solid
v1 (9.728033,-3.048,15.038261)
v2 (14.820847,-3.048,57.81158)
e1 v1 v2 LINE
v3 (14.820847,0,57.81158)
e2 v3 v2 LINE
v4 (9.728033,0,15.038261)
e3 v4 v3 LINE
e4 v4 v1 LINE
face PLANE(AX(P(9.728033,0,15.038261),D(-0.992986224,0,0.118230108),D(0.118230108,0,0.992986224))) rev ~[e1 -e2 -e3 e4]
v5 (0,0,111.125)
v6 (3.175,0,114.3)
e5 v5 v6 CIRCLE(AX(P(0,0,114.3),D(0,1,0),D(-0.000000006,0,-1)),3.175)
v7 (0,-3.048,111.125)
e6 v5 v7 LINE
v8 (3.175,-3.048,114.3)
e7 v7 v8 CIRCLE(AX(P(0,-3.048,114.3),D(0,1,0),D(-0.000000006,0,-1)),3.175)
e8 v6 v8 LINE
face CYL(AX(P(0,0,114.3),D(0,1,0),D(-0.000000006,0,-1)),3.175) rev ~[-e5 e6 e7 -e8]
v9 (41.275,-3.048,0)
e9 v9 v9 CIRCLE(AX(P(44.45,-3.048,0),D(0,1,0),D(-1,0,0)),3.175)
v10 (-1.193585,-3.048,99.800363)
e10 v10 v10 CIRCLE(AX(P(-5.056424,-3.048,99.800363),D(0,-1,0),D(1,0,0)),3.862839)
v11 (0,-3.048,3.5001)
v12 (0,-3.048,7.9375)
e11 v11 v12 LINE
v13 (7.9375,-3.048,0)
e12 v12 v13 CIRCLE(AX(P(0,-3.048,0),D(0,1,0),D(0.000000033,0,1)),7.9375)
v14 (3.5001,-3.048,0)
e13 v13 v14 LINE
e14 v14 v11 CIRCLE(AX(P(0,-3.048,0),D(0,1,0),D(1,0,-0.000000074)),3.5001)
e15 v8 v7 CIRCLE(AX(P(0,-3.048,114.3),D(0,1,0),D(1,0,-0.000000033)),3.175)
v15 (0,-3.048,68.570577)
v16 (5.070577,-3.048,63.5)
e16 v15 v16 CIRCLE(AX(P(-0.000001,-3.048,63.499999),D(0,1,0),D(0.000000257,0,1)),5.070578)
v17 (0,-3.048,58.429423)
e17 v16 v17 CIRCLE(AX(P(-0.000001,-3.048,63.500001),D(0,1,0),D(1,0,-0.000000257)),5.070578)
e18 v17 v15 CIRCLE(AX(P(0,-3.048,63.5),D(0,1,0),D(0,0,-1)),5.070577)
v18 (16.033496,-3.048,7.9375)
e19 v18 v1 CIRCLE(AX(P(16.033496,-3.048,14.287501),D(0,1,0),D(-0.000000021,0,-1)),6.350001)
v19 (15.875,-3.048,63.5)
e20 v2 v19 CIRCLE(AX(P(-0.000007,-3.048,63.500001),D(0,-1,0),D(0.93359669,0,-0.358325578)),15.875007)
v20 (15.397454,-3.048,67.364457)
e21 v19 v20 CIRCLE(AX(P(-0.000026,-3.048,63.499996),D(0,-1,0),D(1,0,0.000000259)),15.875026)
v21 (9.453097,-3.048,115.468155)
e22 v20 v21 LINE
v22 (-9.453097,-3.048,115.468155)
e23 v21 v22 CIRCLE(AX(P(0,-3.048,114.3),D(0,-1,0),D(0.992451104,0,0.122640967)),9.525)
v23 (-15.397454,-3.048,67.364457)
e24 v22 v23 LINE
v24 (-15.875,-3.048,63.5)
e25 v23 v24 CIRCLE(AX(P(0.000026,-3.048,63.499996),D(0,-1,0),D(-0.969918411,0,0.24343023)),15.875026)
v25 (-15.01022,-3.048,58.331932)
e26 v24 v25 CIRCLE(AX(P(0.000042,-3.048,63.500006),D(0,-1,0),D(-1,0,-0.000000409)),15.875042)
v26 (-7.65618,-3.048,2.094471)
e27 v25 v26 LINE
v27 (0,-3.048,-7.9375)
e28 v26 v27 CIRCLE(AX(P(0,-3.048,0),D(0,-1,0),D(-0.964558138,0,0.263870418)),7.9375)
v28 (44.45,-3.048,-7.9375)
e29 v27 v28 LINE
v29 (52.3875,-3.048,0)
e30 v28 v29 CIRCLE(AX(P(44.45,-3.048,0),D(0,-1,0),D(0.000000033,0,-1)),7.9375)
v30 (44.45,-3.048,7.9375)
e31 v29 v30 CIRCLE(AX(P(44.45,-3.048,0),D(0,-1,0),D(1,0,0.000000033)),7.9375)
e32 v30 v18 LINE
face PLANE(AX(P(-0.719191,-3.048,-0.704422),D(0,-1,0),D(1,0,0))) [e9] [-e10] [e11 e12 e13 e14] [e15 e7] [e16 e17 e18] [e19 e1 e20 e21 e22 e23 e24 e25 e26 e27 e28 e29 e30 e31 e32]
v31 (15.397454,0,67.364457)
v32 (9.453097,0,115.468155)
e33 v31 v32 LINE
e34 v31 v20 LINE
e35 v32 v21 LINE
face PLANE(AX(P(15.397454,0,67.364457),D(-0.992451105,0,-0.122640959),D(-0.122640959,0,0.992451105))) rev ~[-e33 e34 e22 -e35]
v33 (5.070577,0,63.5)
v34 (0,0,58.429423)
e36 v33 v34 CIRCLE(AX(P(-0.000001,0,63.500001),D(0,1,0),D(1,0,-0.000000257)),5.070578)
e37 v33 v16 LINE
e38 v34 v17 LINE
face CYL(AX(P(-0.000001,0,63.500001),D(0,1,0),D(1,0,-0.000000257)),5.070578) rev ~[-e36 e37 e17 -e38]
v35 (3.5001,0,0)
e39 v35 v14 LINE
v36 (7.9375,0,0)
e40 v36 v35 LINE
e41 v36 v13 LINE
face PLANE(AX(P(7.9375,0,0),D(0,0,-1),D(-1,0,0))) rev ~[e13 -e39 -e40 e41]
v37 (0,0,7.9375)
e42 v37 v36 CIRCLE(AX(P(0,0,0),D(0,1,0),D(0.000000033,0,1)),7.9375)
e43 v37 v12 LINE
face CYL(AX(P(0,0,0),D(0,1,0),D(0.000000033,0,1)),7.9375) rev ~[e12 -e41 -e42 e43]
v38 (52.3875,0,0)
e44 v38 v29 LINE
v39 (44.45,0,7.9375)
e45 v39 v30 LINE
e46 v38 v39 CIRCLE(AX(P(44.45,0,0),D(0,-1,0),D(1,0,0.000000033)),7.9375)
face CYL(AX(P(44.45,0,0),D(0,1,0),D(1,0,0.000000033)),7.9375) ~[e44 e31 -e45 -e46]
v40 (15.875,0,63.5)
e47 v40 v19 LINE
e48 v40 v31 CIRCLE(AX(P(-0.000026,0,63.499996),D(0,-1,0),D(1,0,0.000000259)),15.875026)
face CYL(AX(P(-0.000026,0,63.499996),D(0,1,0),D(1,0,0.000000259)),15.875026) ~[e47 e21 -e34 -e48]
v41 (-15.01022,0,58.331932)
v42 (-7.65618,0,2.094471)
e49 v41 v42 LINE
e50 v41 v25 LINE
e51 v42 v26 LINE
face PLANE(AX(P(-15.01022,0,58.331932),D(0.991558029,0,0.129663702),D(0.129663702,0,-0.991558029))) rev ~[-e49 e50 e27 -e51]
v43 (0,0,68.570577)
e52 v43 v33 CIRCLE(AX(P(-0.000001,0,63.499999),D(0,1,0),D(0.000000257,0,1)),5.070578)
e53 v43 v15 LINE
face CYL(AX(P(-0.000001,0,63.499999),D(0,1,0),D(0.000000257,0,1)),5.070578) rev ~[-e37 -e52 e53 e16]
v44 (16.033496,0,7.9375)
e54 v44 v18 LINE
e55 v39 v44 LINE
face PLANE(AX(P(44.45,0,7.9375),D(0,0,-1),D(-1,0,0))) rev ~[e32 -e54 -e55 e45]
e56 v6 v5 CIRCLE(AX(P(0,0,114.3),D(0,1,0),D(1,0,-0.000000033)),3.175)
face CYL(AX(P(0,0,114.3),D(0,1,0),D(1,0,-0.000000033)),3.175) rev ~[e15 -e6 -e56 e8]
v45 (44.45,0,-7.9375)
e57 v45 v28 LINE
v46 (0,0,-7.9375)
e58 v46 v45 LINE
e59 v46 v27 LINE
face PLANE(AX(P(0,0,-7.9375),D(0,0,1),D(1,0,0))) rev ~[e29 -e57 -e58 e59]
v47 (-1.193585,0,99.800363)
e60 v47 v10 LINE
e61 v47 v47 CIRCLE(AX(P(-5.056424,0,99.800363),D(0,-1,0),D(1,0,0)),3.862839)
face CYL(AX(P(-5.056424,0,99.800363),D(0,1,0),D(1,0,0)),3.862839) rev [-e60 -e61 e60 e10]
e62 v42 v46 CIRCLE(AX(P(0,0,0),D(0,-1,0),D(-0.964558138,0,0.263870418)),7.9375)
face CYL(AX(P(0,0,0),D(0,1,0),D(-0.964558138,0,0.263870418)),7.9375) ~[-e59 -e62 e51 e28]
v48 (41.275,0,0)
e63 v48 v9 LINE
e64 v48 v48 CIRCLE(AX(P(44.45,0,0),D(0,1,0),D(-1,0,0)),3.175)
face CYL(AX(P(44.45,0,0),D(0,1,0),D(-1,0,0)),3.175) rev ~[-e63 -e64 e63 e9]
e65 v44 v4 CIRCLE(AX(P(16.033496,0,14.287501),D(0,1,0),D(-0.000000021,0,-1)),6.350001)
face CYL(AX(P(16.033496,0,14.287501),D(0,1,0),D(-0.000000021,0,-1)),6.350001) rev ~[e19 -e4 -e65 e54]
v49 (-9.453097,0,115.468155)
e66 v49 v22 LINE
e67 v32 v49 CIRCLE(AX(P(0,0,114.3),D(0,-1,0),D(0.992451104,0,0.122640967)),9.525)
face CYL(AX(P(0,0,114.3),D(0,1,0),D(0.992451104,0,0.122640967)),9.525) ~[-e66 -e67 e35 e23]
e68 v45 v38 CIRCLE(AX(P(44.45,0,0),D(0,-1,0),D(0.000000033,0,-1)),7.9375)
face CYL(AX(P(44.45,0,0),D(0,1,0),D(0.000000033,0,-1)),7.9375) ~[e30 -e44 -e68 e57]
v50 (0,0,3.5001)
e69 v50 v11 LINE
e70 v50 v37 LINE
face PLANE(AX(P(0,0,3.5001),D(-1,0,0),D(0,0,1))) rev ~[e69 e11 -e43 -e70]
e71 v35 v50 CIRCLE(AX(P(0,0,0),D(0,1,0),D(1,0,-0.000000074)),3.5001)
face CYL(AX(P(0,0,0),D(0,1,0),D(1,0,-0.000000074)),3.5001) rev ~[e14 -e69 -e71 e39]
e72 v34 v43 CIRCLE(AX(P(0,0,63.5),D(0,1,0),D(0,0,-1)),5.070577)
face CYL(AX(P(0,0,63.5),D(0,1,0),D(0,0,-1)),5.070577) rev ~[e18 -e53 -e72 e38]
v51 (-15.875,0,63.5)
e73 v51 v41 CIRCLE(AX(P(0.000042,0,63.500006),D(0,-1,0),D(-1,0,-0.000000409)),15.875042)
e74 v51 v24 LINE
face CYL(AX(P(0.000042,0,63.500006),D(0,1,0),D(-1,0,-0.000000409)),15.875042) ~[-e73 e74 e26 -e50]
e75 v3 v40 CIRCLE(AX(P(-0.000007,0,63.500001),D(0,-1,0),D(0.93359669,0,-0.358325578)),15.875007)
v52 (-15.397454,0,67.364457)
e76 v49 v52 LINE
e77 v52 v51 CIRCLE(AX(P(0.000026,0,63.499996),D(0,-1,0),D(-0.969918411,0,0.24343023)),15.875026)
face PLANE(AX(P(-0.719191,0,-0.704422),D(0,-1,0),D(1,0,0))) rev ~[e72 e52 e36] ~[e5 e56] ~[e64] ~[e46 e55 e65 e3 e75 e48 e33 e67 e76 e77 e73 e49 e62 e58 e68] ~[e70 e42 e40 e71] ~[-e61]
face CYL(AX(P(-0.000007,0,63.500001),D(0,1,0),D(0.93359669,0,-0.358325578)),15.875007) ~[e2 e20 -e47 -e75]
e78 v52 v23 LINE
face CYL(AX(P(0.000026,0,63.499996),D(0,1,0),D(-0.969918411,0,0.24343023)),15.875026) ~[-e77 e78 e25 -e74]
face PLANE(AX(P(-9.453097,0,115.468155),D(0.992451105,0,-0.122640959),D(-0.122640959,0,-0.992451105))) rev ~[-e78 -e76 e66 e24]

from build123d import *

# Parameters (mm, degrees)
F0_R     = 3.862839
F1_DEPTH = 3.048


with BuildPart() as f1:
    # F0 (on Front) → F1 (new body)
    with BuildSketch(Plane.XZ):
        with BuildLine():
            ThreePointArc((3.5001, 0), (-2.474944, -2.474944), (0, 3.5001))
            Line((0, 3.5001), (0, 7.9375))
            ThreePointArc((0, 7.9375), (-4.81555, 6.309864), (-7.65618, 2.094471))
            ThreePointArc((-7.65618, 2.094471), (-6.309864, -4.81555), (0, -7.9375))
            ThreePointArc((0, -7.9375), (5.61266, -5.61266), (7.9375, 0))
            Line((7.9375, 0), (3.5001, 0))
        make_face()
        with BuildLine():
            ThreePointArc((-7.65618, 2.094471), (-4.81555, 6.309864), (0, 7.9375))
            Line((0, 7.9375), (0, 47.625))
            ThreePointArc((0, 47.625), (-9.2188, 50.576016), (-15.01022, 58.331932))
            Line((-15.01022, 58.331932), (-7.65618, 2.094471))
        make_face()
        with BuildLine():
            Line((0, 47.625), (0, 7.9375))
            ThreePointArc((0, 7.9375), (5.61266, 5.61266), (7.9375, 0))
            Line((7.9375, 0), (36.5125, 0))
            ThreePointArc((36.5125, 0), (38.83734, 5.61266), (44.45, 7.9375))
            Line((44.45, 7.9375), (16.033496, 7.9375))
            ThreePointArc((16.033496, 7.9375), (11.285347, 10.071153), (9.728033, 15.038261))
            Line((9.728033, 15.038261), (14.820847, 57.81158))
            ThreePointArc((14.820847, 57.81158), (8.991995, 50.4172), (0, 47.625))
        make_face()
        with BuildLine():
            Line((36.5125, 0), (7.9375, 0))
            ThreePointArc((7.9375, 0), (5.61266, -5.61266), (0, -7.9375))
            Line((0, -7.9375), (44.45, -7.9375))
            ThreePointArc((44.45, -7.9375), (38.83734, -5.61266), (36.5125, 0))
        make_face()
        with BuildLine():
            ThreePointArc((-15.01022, 58.331932), (-9.2188, 50.576016), (0, 47.625))
            Line((0, 47.625), (0, 58.429423))
            ThreePointArc((0, 58.429423), (-5.070577, 63.5), (0, 68.570577))
            Line((0, 68.570577), (0, 79.375))
            ThreePointArc((0, 79.375), (-9.763897, 76.017266), (-15.397454, 67.364457))
            Line((-15.397454, 67.364457), (-15.875, 63.5))
            ThreePointArc((-15.875, 63.5), (-15.657312, 60.88004), (-15.01022, 58.331932))
        make_face()
        with BuildLine():
            Line((0, 58.429423), (0, 47.625))
            ThreePointArc((0, 47.625), (8.991995, 50.4172), (14.820847, 57.81158))
            ThreePointArc((14.820847, 57.81158), (15.609237, 60.607364), (15.875, 63.5))
            Line((15.875, 63.5), (15.397454, 67.364457))
            ThreePointArc((15.397454, 67.364457), (9.763897, 76.017266), (0, 79.375))
            Line((0, 79.375), (0, 68.570577))
            ThreePointArc((0, 68.570577), (3.585439, 67.085439), (5.070577, 63.5))
            ThreePointArc((5.070577, 63.5), (3.585439, 59.914561), (0, 58.429423))
        make_face()
        with BuildLine():
            ThreePointArc((47.625, 0), (44.45, 3.175), (41.275, 0))
            ThreePointArc((41.275, 0), (44.45, -3.175), (47.625, 0))
        make_face()
        with BuildLine():
            ThreePointArc((44.45, 7.9375), (38.83734, 5.61266), (36.5125, 0))
            ThreePointArc((36.5125, 0), (38.83734, -5.61266), (44.45, -7.9375))
            ThreePointArc((44.45, -7.9375), (50.06266, -5.61266), (52.3875, 0))
            ThreePointArc((52.3875, 0), (50.06266, 5.61266), (44.45, 7.9375))
        make_face()
        with BuildLine():
            ThreePointArc((47.625, 0), (44.45, -3.175), (41.275, 0))
            ThreePointArc((41.275, 0), (44.45, 3.175), (47.625, 0))
        make_face(mode=Mode.SUBTRACT)
        with BuildLine():
            ThreePointArc((-15.397454, 67.364457), (-15.755161, 65.446925), (-15.875, 63.5))
            Line((-15.875, 63.5), (-15.397454, 67.364457))
        make_face()
        with BuildLine():
            Line((15.397454, 67.364457), (15.875, 63.5))
            ThreePointArc((15.875, 63.5), (15.755161, 65.446925), (15.397454, 67.364457))
        make_face()
        with BuildLine():
            ThreePointArc((-15.397454, 67.364457), (-9.763897, 76.017266), (0, 79.375))
            Line((0, 79.375), (0, 104.775))
            ThreePointArc((0, 104.775), (-7.136256, 107.991318), (-9.453097, 115.468155))
            Line((-9.453097, 115.468155), (-15.397454, 67.364457))
        make_face()
        with Locations((-5.056424, 99.800363)):
            Circle(F0_R, mode=Mode.SUBTRACT)
        with BuildLine():
            Line((0, 104.775), (0, 79.375))
            ThreePointArc((0, 79.375), (9.763897, 76.017266), (15.397454, 67.364457))
            Line((15.397454, 67.364457), (9.453097, 115.468155))
            ThreePointArc((9.453097, 115.468155), (9.507007, 114.885183), (9.525, 114.3))
            ThreePointArc((9.525, 114.3), (6.735192, 107.564808), (0, 104.775))
        make_face()
        with BuildLine():
            ThreePointArc((3.175, 114.3), (-2.245064, 116.545064), (0, 111.125))
            ThreePointArc((0, 111.125), (2.245064, 112.054936), (3.175, 114.3))
        make_face()
        with BuildLine():
            ThreePointArc((-9.453097, 115.468155), (-7.136256, 107.991318), (0, 104.775))
            ThreePointArc((0, 104.775), (6.735192, 107.564808), (9.525, 114.3))
            ThreePointArc((9.525, 114.3), (9.507007, 114.885183), (9.453097, 115.468155))
            ThreePointArc((9.453097, 115.468155), (0, 123.825), (-9.453097, 115.468155))
        make_face()
        with BuildLine():
            ThreePointArc((3.175, 114.3), (2.245064, 112.054936), (0, 111.125))
            ThreePointArc((0, 111.125), (-2.245064, 116.545064), (3.175, 114.3))
        make_face(mode=Mode.SUBTRACT)
    extrude(amount=F1_DEPTH)


solid = f1.part
